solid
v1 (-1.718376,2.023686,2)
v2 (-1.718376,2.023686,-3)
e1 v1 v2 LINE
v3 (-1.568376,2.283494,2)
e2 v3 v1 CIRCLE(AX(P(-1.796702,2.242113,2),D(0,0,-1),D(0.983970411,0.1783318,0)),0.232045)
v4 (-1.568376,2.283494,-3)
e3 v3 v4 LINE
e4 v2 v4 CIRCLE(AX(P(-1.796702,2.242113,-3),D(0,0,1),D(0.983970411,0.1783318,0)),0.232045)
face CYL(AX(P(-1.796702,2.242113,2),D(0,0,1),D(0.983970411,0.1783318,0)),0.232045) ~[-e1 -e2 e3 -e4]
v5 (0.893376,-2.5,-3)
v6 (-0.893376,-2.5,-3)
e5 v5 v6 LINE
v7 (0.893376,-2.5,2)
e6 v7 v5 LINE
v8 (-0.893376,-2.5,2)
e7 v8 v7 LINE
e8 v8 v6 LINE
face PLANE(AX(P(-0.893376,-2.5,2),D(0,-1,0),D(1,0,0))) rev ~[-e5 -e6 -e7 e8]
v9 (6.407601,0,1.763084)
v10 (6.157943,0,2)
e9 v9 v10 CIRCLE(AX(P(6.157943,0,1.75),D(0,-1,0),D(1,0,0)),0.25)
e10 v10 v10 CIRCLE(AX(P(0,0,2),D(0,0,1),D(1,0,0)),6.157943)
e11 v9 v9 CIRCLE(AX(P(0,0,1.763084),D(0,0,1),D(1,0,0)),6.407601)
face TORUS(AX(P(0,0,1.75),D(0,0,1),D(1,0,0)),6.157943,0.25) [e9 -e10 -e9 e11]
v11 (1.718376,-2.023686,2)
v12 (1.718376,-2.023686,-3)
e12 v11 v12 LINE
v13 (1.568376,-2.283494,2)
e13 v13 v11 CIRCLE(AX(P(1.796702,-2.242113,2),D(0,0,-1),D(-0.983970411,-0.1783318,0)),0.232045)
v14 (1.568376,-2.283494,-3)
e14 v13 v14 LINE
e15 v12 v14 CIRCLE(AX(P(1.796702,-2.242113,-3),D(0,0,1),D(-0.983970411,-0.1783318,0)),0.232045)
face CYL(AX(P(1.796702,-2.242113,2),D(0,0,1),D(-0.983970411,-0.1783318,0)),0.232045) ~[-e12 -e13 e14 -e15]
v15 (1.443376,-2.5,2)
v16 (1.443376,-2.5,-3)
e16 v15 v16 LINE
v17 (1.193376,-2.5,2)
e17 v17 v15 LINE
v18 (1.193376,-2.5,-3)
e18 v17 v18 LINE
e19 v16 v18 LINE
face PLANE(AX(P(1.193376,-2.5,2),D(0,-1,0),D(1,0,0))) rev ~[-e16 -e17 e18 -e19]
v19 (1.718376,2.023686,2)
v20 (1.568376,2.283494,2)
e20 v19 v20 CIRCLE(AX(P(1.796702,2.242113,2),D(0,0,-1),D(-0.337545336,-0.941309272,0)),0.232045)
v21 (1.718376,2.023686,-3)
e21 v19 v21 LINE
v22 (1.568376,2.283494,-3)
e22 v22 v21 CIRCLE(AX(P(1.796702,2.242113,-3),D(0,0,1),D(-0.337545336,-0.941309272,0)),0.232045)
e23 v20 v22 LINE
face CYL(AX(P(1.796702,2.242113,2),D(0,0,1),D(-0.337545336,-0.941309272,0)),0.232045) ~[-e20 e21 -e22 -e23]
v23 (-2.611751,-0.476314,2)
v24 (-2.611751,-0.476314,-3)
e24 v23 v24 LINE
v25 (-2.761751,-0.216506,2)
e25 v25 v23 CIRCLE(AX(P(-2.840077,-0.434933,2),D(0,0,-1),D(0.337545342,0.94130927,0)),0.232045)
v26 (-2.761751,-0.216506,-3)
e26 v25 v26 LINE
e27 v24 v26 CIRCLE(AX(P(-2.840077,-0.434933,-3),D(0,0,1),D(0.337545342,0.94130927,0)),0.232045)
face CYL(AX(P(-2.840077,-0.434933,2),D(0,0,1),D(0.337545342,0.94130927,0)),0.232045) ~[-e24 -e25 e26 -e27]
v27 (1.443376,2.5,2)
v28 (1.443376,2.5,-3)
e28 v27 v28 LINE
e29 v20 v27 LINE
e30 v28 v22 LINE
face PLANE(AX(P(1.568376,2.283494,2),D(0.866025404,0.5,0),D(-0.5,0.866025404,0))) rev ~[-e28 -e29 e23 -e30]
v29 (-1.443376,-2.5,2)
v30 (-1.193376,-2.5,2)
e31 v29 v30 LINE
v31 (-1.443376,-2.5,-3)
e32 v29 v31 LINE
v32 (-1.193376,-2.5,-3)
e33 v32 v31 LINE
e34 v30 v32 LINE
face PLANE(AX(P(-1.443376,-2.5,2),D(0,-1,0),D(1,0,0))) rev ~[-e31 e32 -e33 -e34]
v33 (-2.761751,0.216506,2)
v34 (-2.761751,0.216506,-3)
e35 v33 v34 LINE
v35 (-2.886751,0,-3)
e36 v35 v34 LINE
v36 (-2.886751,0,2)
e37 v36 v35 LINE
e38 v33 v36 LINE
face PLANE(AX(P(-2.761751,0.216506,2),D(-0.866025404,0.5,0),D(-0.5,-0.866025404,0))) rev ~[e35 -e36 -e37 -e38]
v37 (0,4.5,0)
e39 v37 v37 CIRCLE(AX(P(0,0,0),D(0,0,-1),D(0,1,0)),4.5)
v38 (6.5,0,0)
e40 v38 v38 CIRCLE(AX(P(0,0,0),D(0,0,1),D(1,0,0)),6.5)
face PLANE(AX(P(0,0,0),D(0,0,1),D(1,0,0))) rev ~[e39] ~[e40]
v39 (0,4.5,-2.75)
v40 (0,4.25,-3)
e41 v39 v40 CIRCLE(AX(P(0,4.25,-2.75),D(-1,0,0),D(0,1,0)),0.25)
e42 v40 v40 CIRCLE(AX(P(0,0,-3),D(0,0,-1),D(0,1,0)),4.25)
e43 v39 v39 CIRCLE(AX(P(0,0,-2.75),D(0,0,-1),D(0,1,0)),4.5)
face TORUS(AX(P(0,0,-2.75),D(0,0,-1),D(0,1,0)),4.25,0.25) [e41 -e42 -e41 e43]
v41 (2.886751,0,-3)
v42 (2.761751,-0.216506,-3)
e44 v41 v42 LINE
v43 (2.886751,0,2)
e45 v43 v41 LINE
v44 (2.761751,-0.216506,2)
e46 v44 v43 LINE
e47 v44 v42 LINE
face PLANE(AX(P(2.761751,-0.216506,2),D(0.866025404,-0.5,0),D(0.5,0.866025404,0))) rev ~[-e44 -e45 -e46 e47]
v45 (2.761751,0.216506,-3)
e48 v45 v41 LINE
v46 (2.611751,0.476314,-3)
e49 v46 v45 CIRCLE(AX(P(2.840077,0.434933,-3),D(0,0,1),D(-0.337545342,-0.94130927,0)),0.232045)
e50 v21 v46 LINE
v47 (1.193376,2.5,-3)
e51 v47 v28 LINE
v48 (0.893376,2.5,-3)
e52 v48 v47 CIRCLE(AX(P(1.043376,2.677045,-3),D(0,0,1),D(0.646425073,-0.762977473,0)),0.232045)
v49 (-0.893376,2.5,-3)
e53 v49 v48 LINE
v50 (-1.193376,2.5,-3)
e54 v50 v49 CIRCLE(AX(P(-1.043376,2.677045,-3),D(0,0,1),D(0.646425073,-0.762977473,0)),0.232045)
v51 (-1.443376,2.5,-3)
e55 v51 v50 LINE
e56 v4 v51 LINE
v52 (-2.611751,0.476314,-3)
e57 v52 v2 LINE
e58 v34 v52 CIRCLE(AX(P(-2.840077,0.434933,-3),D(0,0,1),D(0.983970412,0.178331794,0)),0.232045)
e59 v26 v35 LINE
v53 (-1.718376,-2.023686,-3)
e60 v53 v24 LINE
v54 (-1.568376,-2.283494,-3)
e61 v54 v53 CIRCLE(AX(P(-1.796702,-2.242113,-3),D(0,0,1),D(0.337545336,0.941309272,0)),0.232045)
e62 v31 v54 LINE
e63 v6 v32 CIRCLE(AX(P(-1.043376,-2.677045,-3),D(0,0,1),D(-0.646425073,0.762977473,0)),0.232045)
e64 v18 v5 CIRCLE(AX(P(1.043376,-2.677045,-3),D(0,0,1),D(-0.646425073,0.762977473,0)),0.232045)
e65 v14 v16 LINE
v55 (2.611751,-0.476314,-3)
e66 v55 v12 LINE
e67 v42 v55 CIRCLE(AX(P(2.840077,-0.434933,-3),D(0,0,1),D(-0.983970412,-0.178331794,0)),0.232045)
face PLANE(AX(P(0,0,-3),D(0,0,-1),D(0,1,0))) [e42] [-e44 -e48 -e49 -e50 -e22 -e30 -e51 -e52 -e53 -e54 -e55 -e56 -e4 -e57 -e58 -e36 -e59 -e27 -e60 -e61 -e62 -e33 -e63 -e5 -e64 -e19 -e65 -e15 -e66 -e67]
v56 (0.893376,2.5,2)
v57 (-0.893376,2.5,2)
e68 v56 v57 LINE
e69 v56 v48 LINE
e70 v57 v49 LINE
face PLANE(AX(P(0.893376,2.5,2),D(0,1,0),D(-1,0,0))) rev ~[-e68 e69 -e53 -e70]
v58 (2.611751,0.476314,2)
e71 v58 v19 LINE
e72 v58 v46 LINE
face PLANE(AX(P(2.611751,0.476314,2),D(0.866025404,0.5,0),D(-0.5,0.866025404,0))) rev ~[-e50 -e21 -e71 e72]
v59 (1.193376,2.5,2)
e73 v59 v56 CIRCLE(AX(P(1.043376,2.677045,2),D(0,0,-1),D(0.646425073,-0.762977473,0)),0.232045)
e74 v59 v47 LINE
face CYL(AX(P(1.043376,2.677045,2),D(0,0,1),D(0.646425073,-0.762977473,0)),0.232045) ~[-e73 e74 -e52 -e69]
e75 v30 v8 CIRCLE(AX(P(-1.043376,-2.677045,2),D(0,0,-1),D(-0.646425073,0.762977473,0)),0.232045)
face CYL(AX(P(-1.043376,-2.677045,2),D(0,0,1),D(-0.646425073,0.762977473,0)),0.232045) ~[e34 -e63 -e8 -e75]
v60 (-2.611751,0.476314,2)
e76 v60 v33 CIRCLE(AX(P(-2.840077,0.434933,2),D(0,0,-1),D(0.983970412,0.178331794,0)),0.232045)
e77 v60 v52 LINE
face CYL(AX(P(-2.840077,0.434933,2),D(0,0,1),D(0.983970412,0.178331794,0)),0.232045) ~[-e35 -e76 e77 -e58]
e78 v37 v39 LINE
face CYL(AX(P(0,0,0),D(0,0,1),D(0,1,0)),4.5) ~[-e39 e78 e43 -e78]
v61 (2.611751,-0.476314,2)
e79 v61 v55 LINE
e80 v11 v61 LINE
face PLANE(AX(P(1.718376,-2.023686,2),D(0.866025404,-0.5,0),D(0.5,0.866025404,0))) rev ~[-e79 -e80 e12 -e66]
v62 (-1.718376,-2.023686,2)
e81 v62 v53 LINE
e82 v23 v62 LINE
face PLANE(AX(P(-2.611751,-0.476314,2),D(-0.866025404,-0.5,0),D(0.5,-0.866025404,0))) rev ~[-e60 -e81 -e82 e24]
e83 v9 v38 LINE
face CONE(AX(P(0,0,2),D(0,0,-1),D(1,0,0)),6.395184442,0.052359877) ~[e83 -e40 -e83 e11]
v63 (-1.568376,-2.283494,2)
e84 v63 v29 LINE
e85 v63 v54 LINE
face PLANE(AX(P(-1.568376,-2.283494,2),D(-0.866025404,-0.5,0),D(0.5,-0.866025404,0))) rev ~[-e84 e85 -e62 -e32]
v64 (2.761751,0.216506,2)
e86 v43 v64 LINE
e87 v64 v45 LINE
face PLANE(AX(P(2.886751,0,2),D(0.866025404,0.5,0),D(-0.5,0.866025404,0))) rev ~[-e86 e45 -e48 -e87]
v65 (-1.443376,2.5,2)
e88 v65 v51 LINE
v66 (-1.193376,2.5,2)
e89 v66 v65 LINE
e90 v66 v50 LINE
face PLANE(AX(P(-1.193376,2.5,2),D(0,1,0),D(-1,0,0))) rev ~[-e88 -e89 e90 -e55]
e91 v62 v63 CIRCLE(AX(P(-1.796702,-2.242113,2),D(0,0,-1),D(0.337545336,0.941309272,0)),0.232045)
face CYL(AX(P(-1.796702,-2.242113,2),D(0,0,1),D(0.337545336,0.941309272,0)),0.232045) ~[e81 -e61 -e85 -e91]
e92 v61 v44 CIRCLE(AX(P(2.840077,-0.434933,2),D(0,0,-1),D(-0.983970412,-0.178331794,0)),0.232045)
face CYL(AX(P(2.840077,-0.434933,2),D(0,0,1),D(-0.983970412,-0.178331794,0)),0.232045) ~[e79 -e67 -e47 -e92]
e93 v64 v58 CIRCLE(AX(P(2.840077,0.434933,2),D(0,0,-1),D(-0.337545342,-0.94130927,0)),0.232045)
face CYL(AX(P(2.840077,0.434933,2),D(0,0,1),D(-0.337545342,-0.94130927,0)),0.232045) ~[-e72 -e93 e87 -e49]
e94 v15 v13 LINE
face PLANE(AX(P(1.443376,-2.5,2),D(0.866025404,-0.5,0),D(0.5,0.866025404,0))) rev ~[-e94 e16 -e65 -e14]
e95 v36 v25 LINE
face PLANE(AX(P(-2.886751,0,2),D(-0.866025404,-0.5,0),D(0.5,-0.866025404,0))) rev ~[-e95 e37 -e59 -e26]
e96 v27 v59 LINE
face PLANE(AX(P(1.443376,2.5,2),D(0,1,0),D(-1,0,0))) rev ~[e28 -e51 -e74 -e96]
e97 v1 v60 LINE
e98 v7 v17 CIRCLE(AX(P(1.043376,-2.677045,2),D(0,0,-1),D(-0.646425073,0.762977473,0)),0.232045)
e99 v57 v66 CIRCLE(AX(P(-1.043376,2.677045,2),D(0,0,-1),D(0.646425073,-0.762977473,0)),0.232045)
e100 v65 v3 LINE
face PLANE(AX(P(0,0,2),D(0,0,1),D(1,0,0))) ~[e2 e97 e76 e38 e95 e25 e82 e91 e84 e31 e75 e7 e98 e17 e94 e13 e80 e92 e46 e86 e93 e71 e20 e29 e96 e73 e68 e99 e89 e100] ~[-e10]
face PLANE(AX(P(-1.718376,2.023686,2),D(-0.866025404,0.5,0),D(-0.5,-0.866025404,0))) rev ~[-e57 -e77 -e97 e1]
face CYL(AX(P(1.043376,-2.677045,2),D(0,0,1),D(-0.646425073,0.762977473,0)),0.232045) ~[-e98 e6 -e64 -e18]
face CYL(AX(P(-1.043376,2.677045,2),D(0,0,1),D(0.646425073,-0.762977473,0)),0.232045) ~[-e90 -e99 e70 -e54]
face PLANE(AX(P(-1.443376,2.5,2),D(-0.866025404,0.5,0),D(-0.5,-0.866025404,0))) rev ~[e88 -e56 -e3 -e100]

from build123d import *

# Parameters (mm, degrees)
SKETCH2_R           = 4.5
BOSS_EXTRUDE1_DEPTH = 3
CUT_EXTRUDE1_DEPTH  = 11.464224768
FILLET1_R           = 0.25


with BuildPart() as part:
    # Sketch1 → Revolve1 (revolve)
    with BuildSketch(Plane(origin=(0, 0, 0), x_dir=(1, 0, 0), z_dir=(0, 1, 0))):
        Polygon((6.5, 0), (0, 0), (0, -2), (6.395184442, -2), align=None)
    revolve(axis=Axis((0, 0, 0), (0, 0, 1)))

    # Sketch2 → Boss-Extrude1 (add)
    with BuildSketch(Plane(origin=(0, 0, 0), x_dir=(-1, 0, 0), z_dir=(0, 0, -1))):
        with Locations(Location((0, 0, 0), (0, 0, 90))):
            Circle(SKETCH2_R)
    extrude(amount=BOSS_EXTRUDE1_DEPTH)

    # Sketch3 → Cut-Extrude1 (cut, through all)
    with BuildSketch(Plane.XY.offset(2)):
        with BuildLine():
            Line((1.568375673, 2.283493649), (1.443375673, 2.5))
            Line((1.443375673, 2.5), (1.193375673, 2.5))
            ThreePointArc((1.193375673, 2.5), (1.043375673, 2.445), (0.893375673, 2.5))
            Line((0.893375673, 2.5), (-0.893375673, 2.5))
            ThreePointArc((-0.893375673, 2.5), (-1.043375673, 2.445), (-1.193375673, 2.5))
            Line((-1.193375673, 2.5), (-1.443375673, 2.5))
            Line((-1.443375673, 2.5), (-1.568375673, 2.283493649))
            ThreePointArc((-1.568375673, 2.283493649), (-1.595744276, 2.126089838), (-1.718375673, 2.023686028))
            Line((-1.718375673, 2.023686028), (-2.611751346, 0.476313972))
            ThreePointArc((-2.611751346, 0.476313972), (-2.639119949, 0.318910162), (-2.761751346, 0.216506351))
            Line((-2.761751346, 0.216506351), (-2.886751346, 0))
            Line((-2.886751346, 0), (-2.761751346, -0.216506351))
            ThreePointArc((-2.761751346, -0.216506351), (-2.639119949, -0.318910162), (-2.611751346, -0.476313972))
            Line((-2.611751346, -0.476313972), (-1.718375673, -2.023686028))
            ThreePointArc((-1.718375673, -2.023686028), (-1.595744276, -2.126089838), (-1.568375673, -2.283493649))
            Line((-1.568375673, -2.283493649), (-1.443375673, -2.5))
            Line((-1.443375673, -2.5), (-1.193375673, -2.5))
            ThreePointArc((-1.193375673, -2.5), (-1.043375673, -2.445), (-0.893375673, -2.5))
            Line((-0.893375673, -2.5), (0.893375673, -2.5))
            ThreePointArc((0.893375673, -2.5), (1.043375673, -2.445), (1.193375673, -2.5))
            Line((1.193375673, -2.5), (1.443375673, -2.5))
            Line((1.443375673, -2.5), (1.568375673, -2.283493649))
            ThreePointArc((1.568375673, -2.283493649), (1.595744276, -2.126089838), (1.718375673, -2.023686028))
            Line((1.718375673, -2.023686028), (2.611751346, -0.476313972))
            ThreePointArc((2.611751346, -0.476313972), (2.639119949, -0.318910162), (2.761751346, -0.216506351))
            Line((2.761751346, -0.216506351), (2.886751346, 0))
            Line((2.886751346, 0), (2.761751346, 0.216506351))
            ThreePointArc((2.761751346, 0.216506351), (2.639119949, 0.318910162), (2.611751346, 0.476313972))
            Line((2.611751346, 0.476313972), (1.718375673, 2.023686028))
            ThreePointArc((1.718375673, 2.023686028), (1.595744276, 2.126089838), (1.568375673, 2.283493649))
        make_face()
    extrude(amount=-CUT_EXTRUDE1_DEPTH, mode=Mode.SUBTRACT)

    # Fillet1
    fillet1_edges = [part.edges().sort_by_distance(p)[0] for p in [
        (-6.395184442, 0, 2),
        (0, -4.5, -3),
    ]]
    fillet(fillet1_edges, radius=FILLET1_R)


solid = part.part
